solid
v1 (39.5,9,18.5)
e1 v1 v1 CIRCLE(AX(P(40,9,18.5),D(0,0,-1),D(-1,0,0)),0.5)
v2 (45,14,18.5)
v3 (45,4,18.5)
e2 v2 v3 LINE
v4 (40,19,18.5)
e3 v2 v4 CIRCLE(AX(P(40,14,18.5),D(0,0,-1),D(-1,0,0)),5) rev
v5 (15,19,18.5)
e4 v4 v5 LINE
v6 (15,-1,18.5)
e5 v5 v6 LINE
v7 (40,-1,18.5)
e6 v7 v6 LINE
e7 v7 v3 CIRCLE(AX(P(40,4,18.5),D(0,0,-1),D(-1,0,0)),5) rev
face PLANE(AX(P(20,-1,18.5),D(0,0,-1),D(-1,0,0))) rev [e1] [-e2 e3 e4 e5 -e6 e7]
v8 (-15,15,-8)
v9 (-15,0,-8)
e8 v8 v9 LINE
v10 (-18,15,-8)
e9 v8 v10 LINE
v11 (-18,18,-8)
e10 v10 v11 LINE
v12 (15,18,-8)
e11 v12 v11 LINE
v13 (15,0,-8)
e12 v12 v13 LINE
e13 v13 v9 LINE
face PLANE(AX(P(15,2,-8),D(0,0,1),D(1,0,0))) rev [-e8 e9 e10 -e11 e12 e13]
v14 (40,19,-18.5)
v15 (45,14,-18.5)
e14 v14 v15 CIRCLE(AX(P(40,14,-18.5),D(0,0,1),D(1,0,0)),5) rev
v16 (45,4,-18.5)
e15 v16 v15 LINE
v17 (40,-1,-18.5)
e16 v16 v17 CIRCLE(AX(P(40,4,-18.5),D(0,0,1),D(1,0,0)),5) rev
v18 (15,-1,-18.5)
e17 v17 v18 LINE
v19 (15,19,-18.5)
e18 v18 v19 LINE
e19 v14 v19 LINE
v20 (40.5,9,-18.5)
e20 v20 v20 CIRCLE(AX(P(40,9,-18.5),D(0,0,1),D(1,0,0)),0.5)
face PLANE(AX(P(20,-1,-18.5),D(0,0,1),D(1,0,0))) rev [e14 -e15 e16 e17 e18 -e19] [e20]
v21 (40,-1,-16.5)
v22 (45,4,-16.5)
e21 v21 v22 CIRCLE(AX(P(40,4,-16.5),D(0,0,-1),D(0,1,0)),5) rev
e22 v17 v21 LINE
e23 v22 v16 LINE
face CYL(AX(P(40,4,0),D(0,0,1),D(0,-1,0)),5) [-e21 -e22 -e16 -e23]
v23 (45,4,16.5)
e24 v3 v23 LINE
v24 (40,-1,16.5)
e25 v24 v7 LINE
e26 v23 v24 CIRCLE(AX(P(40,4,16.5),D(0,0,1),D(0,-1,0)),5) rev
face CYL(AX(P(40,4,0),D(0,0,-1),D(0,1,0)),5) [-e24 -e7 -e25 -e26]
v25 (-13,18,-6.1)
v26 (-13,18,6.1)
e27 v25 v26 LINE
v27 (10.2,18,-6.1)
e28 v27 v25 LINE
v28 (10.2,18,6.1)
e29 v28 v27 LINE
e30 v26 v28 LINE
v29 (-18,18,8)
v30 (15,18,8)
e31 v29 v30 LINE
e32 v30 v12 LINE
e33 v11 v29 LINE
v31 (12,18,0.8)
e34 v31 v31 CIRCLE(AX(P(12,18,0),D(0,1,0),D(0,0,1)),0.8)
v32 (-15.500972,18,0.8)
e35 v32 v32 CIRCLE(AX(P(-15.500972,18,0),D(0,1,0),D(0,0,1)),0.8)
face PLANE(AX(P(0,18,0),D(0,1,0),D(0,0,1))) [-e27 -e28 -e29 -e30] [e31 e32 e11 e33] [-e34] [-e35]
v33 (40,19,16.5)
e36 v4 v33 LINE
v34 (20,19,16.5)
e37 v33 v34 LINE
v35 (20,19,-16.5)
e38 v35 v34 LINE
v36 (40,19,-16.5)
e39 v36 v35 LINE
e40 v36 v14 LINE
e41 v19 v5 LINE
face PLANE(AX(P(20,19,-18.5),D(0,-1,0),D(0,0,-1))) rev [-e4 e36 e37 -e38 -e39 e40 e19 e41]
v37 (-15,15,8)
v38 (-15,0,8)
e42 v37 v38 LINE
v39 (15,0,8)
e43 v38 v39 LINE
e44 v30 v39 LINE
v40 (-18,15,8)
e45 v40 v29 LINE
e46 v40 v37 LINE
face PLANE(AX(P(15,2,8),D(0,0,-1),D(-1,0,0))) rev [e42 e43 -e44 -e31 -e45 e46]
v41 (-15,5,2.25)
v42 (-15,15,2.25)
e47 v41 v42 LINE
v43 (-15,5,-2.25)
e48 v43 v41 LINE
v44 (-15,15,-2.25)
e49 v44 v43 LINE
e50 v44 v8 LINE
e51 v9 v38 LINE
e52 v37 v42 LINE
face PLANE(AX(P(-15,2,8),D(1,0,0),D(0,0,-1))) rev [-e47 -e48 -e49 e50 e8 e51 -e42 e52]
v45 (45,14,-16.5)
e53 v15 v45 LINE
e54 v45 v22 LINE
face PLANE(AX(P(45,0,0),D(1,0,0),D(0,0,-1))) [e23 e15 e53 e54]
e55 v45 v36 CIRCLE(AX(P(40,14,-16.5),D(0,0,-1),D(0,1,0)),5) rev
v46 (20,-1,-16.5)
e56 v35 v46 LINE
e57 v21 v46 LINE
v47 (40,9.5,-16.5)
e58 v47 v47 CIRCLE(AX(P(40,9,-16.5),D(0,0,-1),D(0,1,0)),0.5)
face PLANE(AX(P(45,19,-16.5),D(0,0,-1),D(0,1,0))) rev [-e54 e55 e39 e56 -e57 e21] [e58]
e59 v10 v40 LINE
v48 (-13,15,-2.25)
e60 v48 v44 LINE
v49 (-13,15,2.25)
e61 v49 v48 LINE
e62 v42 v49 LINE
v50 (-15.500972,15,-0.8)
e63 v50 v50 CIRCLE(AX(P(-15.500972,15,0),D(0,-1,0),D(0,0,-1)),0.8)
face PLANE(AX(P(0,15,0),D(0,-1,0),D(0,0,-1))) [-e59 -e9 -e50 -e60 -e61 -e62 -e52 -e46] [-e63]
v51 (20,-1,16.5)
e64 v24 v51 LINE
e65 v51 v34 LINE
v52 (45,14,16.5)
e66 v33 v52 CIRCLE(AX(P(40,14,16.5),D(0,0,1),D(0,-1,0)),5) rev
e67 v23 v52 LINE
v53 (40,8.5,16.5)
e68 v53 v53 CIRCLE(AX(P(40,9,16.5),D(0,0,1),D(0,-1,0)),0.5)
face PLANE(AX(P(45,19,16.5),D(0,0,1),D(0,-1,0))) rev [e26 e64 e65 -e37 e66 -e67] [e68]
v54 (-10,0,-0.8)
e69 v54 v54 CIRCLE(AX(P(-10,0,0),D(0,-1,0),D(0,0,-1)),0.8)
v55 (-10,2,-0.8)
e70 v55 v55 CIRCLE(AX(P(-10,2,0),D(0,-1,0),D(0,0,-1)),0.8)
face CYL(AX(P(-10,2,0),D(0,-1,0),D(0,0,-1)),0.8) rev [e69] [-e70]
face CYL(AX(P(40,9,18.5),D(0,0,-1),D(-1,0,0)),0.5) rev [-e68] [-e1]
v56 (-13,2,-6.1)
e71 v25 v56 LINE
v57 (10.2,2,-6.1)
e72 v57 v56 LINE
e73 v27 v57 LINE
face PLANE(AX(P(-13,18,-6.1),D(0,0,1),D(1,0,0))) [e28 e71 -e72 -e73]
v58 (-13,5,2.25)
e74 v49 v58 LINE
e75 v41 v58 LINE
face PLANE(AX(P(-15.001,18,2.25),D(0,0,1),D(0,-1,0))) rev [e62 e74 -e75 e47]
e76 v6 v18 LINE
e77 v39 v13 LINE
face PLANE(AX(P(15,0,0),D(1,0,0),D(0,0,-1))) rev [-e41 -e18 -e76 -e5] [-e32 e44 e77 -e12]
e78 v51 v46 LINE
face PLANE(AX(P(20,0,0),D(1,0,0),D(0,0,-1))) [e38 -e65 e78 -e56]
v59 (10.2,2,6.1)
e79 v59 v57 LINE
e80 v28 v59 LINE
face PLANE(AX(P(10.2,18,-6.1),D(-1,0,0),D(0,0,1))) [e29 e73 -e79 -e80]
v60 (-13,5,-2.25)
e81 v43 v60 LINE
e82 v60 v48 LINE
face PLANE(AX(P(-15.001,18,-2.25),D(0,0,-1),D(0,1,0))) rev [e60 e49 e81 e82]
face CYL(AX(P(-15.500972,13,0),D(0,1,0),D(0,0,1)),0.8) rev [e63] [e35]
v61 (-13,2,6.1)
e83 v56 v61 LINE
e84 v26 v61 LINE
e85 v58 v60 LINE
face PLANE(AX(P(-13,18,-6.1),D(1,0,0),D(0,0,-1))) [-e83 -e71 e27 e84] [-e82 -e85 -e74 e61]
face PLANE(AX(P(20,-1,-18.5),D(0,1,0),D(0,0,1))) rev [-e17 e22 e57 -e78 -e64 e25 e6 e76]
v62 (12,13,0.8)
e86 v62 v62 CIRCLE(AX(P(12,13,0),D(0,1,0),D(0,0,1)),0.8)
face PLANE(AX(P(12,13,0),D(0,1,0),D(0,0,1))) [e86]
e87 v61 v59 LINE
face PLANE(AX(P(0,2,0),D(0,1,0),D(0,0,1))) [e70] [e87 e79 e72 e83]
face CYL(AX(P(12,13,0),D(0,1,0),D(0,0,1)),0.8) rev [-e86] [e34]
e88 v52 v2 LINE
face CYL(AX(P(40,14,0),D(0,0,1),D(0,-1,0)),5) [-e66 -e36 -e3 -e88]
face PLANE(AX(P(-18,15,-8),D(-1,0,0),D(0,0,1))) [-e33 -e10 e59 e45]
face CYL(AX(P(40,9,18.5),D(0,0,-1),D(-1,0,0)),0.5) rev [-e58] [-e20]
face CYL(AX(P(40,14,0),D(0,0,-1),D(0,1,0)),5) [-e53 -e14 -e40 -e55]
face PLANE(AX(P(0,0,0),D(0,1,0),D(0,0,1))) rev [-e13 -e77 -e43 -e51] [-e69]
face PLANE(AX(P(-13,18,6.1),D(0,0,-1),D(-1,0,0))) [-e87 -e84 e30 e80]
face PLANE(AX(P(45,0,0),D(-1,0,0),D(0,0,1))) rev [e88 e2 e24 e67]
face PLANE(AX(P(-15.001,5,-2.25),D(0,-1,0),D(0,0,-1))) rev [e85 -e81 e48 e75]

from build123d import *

# Parameters (mm, degrees)
SKETCH1_W               = 30
SKETCH1_H               = 16
BOSS_EXTRUDE1_DEPTH     = 2
SKETCH2_W               = 23.2
SKETCH2_H               = 12.2
BOSS_EXTRUDE2_DEPTH     = 16
CUT_EXTRUDE1_REACH      = 36.234
SKETCH3_W               = 4.5
SKETCH3_H               = 13
SKETCH8_R               = 0.8
CUT_EXTRUDE3_DEPTH      = 2
SKETCH9_W               = 5
SKETCH9_H               = 16
SKETCH9_W_2             = 4
BOSS_EXTRUDE4_DEPTH     = 3
SKETCH10_R              = 0.8
CUT_EXTRUDE4_DEPTH      = 5
SKETCH11_W              = 37
SKETCH11_H              = 20
BOSS_EXTRUDE5_DEPTH     = 5
SKETCH12_W              = 2
SKETCH12_H              = 20
BOSS_EXTRUDE6_DEPTH     = 25
FILLET1_R               = 5
CUT_EXTRUDE5_DEPTH      = 62.278054799
CUT_EXTRUDE5_DEPTH_BACK = 62.278054799
SKETCH13_R              = 0.5


with BuildPart() as part:
    # Sketch1 → Boss-Extrude1 (new body)
    with BuildSketch(Plane(origin=(0, 0, 0), x_dir=(1, 0, 0), z_dir=(0, 1, 0))):
        Rectangle(SKETCH1_W, SKETCH1_H)
    extrude(amount=BOSS_EXTRUDE1_DEPTH)

    # Sketch2 → Boss-Extrude2 (add)
    with BuildSketch(Plane(origin=(0, 2, 0), x_dir=(1, 0, 0), z_dir=(0, 1, 0))):
        Polygon((-15, 8), (-13, 8), (10.2, 8), (15, 8), (15, -8), (10.2, -8), (-13, -8), (-15, -8), align=None)
        with Locations((-1.4, 0)):
            Rectangle(SKETCH2_W, SKETCH2_H, mode=Mode.SUBTRACT)
    extrude(amount=BOSS_EXTRUDE2_DEPTH)

    # Sketch3 → Cut-Extrude1 (cut, up to next)
    with BuildSketch(Plane(origin=(-13, 0, 0), x_dir=(0, 0, -1), z_dir=(1, 0, 0)), mode=Mode.PRIVATE) as cut_extrude1_sk1:
        with Locations((0, 11.5)):
            Rectangle(SKETCH3_W, SKETCH3_H)
    cut_extrude1_tool1 = extrude(cut_extrude1_sk1.sketch, amount=-CUT_EXTRUDE1_REACH, mode=Mode.PRIVATE) & part.part
    add(cut_extrude1_tool1.solids().sort_by_distance((-13, 11.5, 0))[0], mode=Mode.SUBTRACT)

    # Sketch8 → Cut-Extrude3 (cut)
    with BuildSketch(Plane.XZ):
        with Locations(Location((-10, 0, 0), (0, 0, 270))):
            Circle(SKETCH8_R)
    extrude(amount=-CUT_EXTRUDE3_DEPTH, mode=Mode.SUBTRACT)

    # Sketch9 → Boss-Extrude4 (add)
    with BuildSketch(Plane(origin=(0, 18, 0), x_dir=(1, 0, 0), z_dir=(0, 1, 0))):
        with Locations((-15.5, 0)):
            Rectangle(SKETCH9_W, SKETCH9_H)
        with Locations((12.2, 0)):
            Rectangle(SKETCH9_W_2, SKETCH9_H)
    extrude(amount=-BOSS_EXTRUDE4_DEPTH)

    # Sketch10 → Cut-Extrude4 (cut)
    with BuildSketch(Plane(origin=(0, 18, 0), x_dir=(1, 0, 0), z_dir=(0, 1, 0))):
        with Locations(Location((12, 0, 0), (0, 0, 270))):
            Circle(SKETCH10_R)
        with Locations(Location((-15.500971551, 0, 0), (0, 0, 270))):
            Circle(SKETCH10_R)
    extrude(amount=-CUT_EXTRUDE4_DEPTH, mode=Mode.SUBTRACT)

    # Sketch11 → Boss-Extrude5 (add)
    with BuildSketch(Plane(origin=(15, 0, 0), x_dir=(0, 0, -1), z_dir=(1, 0, 0))):
        with Locations((0, 9)):
            Rectangle(SKETCH11_W, SKETCH11_H)
    extrude(amount=BOSS_EXTRUDE5_DEPTH)

    # Sketch12 → Boss-Extrude6 (add)
    with BuildSketch(Plane(origin=(20, 0, 0), x_dir=(0, 0, -1), z_dir=(1, 0, 0))):
        with Locations((-17.5, 9)):
            Rectangle(SKETCH12_W, SKETCH12_H)
        with Locations((17.5, 9)):
            Rectangle(SKETCH12_W, SKETCH12_H)
    extrude(amount=BOSS_EXTRUDE6_DEPTH)

    # Fillet1
    fillet1_edges = [part.edges().sort_by_distance(p)[0] for p in [
        (45, 19, -17.5),
        (45, -1, -17.5),
        (45, 19, 17.5),
        (45, -1, 17.5),
    ]]
    fillet(fillet1_edges, radius=FILLET1_R)

    # Sketch13 → Cut-Extrude5 (cut, two sides: drawn at the far end of the back side and taken through both)
    with BuildSketch(Plane(origin=(0, 0, -18.5), x_dir=(-1, 0, 0), z_dir=(0, 0, -1)).offset(-CUT_EXTRUDE5_DEPTH_BACK)):
        with Locations((-40, 9)):
            Circle(SKETCH13_R)
    extrude(amount=CUT_EXTRUDE5_DEPTH + CUT_EXTRUDE5_DEPTH_BACK, mode=Mode.SUBTRACT)


solid = part.part
